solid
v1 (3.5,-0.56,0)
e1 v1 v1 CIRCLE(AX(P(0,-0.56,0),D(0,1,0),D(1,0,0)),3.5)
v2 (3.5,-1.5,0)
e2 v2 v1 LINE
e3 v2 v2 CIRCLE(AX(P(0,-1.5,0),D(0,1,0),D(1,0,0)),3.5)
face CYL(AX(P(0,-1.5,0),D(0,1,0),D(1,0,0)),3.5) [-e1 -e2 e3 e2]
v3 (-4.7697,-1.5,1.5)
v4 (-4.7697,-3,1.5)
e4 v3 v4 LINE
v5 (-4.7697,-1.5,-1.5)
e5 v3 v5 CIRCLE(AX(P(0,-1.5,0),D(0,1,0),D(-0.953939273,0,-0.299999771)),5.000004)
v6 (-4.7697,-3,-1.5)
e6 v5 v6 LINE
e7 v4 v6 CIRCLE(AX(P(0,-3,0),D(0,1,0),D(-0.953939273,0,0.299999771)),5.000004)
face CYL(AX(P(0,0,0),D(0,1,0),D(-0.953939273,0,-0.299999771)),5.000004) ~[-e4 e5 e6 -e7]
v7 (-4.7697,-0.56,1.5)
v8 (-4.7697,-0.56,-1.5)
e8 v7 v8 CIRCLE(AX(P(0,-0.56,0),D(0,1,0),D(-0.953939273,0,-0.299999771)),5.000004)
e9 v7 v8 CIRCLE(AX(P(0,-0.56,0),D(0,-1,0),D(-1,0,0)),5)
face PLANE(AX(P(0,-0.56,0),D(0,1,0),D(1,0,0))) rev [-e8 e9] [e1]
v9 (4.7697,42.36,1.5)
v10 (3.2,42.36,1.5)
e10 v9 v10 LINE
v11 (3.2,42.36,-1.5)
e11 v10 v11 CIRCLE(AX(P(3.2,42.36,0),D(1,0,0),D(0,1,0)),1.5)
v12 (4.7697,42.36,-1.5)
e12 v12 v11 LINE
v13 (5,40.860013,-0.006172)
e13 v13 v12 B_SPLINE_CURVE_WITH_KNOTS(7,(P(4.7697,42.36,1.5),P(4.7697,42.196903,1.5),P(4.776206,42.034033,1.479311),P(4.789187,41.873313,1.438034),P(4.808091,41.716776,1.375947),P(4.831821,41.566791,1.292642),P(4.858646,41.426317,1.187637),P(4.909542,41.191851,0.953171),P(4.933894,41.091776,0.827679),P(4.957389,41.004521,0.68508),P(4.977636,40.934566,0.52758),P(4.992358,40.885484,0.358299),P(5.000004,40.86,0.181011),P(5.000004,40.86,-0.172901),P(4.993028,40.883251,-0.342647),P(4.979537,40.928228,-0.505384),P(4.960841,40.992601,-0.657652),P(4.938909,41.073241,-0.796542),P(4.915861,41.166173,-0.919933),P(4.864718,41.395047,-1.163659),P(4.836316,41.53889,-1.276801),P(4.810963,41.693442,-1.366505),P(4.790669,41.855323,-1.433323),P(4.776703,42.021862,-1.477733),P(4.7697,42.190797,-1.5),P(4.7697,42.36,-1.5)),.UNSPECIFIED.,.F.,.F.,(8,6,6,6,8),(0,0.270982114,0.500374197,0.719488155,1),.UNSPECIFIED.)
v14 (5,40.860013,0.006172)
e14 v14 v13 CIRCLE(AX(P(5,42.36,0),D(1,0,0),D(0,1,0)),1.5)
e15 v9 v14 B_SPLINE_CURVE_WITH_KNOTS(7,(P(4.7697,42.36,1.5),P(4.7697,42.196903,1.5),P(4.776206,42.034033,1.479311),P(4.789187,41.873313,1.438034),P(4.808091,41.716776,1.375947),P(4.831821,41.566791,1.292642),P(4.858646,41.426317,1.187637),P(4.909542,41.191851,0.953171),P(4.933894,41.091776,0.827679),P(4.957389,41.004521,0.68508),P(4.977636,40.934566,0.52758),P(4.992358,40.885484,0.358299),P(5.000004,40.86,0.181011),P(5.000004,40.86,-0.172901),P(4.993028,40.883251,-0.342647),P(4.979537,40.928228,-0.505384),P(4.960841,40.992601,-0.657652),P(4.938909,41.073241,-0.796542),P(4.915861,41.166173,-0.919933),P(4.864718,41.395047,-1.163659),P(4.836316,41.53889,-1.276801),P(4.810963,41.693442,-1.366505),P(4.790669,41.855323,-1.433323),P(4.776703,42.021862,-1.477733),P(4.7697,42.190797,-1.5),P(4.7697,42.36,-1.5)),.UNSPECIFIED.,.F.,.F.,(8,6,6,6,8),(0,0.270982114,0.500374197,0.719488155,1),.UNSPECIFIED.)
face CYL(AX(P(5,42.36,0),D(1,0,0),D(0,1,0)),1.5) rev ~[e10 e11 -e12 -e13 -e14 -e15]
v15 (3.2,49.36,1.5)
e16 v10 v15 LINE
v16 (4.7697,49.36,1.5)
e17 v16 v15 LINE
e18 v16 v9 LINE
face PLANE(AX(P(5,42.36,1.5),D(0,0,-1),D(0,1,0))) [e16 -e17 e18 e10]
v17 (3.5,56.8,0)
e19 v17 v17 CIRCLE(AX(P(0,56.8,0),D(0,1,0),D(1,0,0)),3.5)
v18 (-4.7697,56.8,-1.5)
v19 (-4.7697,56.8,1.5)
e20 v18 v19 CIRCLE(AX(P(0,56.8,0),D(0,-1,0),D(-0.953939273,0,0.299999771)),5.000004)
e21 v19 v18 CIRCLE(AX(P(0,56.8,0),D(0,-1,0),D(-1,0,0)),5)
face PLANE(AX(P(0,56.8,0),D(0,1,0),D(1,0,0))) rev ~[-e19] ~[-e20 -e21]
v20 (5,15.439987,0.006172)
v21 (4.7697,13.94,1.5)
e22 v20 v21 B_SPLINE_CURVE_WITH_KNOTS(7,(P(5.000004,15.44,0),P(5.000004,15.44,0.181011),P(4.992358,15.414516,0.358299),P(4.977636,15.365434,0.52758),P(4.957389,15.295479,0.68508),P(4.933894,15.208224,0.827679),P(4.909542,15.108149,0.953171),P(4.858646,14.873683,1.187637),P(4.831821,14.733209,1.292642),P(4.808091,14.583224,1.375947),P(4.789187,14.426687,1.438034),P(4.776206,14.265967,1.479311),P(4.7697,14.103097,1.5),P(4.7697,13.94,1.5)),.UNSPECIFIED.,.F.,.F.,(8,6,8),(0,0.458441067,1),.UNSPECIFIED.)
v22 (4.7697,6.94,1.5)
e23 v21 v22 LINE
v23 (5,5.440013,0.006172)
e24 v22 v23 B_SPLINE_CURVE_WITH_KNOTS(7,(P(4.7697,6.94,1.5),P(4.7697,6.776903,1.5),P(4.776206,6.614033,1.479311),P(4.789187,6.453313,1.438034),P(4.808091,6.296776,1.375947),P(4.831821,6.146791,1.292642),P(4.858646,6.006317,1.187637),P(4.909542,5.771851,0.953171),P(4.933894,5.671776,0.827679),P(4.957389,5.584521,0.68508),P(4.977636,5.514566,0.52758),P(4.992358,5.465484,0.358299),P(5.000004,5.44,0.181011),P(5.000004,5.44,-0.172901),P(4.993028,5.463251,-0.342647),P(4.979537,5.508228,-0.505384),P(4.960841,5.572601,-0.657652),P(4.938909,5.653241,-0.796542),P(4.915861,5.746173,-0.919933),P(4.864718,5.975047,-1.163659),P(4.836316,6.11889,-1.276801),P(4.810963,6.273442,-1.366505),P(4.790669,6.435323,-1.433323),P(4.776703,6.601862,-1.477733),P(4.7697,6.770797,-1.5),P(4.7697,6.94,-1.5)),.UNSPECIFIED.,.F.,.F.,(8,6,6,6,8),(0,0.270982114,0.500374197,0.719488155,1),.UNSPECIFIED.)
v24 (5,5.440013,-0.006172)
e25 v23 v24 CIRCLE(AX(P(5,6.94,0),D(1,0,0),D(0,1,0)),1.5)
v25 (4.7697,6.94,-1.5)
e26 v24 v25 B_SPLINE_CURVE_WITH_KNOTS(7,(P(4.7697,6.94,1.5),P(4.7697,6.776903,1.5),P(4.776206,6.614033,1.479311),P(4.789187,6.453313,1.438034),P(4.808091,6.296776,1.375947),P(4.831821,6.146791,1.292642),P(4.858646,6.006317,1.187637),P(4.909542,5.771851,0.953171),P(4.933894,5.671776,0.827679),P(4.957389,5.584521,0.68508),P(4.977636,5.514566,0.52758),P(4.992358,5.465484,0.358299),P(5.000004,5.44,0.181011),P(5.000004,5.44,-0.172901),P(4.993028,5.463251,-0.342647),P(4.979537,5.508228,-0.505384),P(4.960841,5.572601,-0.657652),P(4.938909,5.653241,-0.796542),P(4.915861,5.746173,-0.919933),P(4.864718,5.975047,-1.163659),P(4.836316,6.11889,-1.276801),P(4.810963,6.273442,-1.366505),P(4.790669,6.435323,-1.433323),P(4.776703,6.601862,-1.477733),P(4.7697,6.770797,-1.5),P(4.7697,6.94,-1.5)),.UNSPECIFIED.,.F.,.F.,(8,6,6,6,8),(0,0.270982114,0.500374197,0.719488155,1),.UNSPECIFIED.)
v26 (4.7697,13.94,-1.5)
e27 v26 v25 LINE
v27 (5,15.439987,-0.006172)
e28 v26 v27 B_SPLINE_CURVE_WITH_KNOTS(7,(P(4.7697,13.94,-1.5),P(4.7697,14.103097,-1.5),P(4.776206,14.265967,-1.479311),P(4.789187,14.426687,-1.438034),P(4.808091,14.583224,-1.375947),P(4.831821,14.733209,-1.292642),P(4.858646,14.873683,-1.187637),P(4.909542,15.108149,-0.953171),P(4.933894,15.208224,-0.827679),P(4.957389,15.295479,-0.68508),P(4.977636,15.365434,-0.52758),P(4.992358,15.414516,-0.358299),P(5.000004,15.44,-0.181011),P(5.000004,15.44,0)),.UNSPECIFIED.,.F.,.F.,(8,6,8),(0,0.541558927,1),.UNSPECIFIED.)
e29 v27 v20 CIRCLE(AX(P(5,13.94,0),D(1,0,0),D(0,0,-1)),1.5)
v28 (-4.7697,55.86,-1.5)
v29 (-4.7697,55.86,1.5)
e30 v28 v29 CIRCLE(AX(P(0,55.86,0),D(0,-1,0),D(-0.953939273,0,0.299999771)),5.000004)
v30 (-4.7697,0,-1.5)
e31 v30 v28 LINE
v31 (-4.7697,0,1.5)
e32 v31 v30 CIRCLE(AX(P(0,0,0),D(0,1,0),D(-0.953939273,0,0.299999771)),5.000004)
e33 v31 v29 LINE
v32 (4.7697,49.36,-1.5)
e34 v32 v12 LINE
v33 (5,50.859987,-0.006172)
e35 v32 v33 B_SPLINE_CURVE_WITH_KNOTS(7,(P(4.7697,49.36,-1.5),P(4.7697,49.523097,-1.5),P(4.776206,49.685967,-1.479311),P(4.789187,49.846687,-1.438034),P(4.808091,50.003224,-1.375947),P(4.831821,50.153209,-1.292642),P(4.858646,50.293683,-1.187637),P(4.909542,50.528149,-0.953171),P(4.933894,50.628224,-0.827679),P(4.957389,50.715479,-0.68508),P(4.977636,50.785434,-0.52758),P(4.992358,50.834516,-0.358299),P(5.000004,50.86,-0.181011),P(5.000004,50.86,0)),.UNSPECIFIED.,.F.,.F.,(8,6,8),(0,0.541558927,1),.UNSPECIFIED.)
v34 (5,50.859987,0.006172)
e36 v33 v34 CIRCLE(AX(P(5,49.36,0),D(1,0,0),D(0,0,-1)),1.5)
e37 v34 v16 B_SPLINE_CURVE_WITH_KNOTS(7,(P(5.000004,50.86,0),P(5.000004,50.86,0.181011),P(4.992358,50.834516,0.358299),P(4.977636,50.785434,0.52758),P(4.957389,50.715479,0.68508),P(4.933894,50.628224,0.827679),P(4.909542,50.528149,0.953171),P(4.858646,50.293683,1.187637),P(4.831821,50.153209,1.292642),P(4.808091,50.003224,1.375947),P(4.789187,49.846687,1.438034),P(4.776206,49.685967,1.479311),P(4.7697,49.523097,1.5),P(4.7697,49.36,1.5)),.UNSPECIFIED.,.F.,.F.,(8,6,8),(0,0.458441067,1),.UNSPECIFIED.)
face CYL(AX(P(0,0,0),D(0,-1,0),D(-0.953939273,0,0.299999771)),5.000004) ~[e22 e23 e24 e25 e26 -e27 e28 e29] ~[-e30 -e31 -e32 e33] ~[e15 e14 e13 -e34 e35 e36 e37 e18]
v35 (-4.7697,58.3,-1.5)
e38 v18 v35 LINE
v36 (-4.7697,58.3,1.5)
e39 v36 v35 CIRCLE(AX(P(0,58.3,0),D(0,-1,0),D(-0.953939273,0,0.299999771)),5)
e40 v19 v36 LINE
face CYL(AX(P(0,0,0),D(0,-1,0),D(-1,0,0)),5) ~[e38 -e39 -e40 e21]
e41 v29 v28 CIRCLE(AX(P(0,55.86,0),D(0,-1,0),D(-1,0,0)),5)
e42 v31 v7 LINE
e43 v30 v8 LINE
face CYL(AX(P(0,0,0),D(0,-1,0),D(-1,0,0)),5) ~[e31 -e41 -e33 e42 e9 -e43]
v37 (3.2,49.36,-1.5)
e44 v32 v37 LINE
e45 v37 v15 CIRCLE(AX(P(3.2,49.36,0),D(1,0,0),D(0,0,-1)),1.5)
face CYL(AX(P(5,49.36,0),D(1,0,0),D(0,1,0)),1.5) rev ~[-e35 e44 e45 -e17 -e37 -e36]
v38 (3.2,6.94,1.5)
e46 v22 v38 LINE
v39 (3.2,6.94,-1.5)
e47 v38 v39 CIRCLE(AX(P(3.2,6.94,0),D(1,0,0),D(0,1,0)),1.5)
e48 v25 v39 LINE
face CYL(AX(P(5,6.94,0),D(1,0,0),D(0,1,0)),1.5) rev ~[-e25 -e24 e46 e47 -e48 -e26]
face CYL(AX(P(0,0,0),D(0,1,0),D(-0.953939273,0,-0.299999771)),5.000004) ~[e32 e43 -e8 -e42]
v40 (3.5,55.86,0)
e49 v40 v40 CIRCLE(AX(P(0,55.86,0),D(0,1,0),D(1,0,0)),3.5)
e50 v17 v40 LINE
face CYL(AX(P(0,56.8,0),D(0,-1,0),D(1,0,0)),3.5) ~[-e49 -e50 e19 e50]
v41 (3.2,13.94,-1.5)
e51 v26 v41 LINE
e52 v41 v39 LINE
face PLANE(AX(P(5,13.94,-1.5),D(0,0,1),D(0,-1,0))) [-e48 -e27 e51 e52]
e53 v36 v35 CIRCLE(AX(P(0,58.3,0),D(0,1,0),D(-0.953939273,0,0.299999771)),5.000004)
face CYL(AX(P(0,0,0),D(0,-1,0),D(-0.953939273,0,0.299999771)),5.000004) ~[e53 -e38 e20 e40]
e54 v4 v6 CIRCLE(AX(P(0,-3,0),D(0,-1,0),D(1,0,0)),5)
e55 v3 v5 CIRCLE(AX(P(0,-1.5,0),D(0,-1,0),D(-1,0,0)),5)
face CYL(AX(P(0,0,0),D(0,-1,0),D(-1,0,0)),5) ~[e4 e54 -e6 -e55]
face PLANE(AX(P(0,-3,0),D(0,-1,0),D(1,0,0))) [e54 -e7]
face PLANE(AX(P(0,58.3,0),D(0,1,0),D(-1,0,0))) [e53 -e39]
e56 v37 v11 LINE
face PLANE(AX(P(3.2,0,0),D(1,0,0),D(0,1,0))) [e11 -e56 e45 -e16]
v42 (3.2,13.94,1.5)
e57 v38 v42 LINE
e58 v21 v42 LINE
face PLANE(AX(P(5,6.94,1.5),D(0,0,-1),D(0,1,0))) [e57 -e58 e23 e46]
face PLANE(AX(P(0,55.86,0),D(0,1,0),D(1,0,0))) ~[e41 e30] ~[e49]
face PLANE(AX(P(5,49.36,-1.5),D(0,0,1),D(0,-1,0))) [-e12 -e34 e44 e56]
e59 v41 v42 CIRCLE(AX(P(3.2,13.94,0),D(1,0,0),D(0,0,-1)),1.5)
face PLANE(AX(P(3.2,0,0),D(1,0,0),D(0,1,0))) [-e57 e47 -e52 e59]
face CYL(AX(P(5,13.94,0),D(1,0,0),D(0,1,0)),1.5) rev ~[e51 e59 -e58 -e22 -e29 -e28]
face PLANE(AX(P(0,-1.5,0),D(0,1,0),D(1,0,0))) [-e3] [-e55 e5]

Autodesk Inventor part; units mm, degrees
ref_plane "XZ Plane" through (0, 0, 0) normal (0, 1, 0) x (-1, 0, 0)
ref_plane "XY Plane" through (0, 0, 0) normal (0, 0, 1) x (1, 0, 0)
sketch "Sketch1" plane through (0, 0, 0) normal (0, 1, 0) x (-1, 0, 0)
  arc A0 (4.7697, 1.5) -> (4.7697, -1.5) centre (0, 0) ccw
  circle A1 centre (0, 0) radius 5
  dimension "d0" = 10
extrude "Extrusion1" add sketch "Sketch1" along normal blind 58.3
sketch "Sketch2" plane through (0, 0, 0) normal (0, -1, 0) x (1, 0, 0)
  arc A0 (-4.7697, -1.5) -> (-4.7697, 1.5) centre (0, 0) ccw projected
  line L0 (-3.2, 1.5) -> (-4.7697, 1.5) projected
  line L1 (-3.2, -1.5) -> (-3.2, 1.5) projected
  line L2 (-4.7697, -1.5) -> (-3.2, -1.5) projected
  circle A1 centre (0, 0) radius 5
extrude "Extrusion2" add sketch "Sketch2" along normal blind 3
sketch "Sketch3" plane through (0, 0, 0) normal (0, 0, 1) x (1, 0, 0)
  line L0 (7.5, -1.5) -> (3.5, -1.5)
  line L1 (3.5, -1.5) -> (3.5, -0.56)
  line L2 (3.5, -0.56) -> (7.5, -0.56)
  line L3 (7.5, -0.56) -> (7.5, -1.5)
  line L4 (-4.7697, -3) -> (5, -3) projected
  line L5 (5, -3) -> (5, 58.3) projected
  line L6 (0, -15.26) -> (0, 70.56) projected
  line L7 (5, -3) -> (5, 58.3) projected
  line L8 (5, 27.65) -> (17.8962, 27.65)
  line L9 (7.5, 56.8) -> (3.5, 56.8)
  line L10 (3.5, 56.8) -> (3.5, 55.86)
  line L11 (3.5, 55.86) -> (7.5, 55.86)
  line L12 (7.5, 55.86) -> (7.5, 56.8)
  point P0 (0, 0)
  point P1 (0, 55.3)
  dimension "d10" = 0.94
  dimension "d11" = 4
  dimension "d12" = 1.5
  dimension "d21" = 1.5
revolve "Revolution1" cut sketch "Sketch3" angle 360 about axis through (0, -10, 0) along (0, 1, 0)
ref_plane "Work Plane1" through (5, 0, 0) normal (1, 0, 0) x (0, 1, 0)
sketch "Sketch6" plane through (5, 0, 0) normal (1, 0, 0) x (0, 1, 0)
  line L0 (6.94, 1.5) -> (13.94, 1.5)
  line L1 (13.94, 1.5) -> (13.94, -1.5)
  line L2 (13.94, -1.5) -> (6.94, -1.5)
  line L3 (6.94, -1.5) -> (6.94, 1.5)
  circle A0 centre (6.94, 0) radius 1.5
  circle A1 centre (13.94, 0) radius 1.5
  line L4 (-0.56, 5) -> (55.86, 5) projected
  line L5 (-0.56, -5) -> (55.86, -5) projected
  line L6 (42.36, 1.5) -> (49.36, 1.5)
  line L7 (49.36, 1.5) -> (49.36, -1.5)
  line L8 (49.36, -1.5) -> (42.36, -1.5)
  line L9 (42.36, -1.5) -> (42.36, 1.5)
  circle A2 centre (42.36, 0) radius 1.5
  circle A3 centre (49.36, 0) radius 1.5
  line L10 (-3, 5) -> (-3, -5) projected
  line L11 (58.3, -5) -> (58.3, 5) projected
  line L12 (-0.56, -5) -> (-0.56, 5) projected
  line L13 (55.86, 5) -> (55.86, -5) projected
  point P0 (0, 0)
  dimension "d26" = 3
  dimension "d22" = 3
  dimension "d23" = 3.5
  dimension "d24" = 7
  dimension "d25" = 7
  dimension "d27" = 3.5
  dimension "d33" = 7.5
  dimension "d34" = 6.5
extrude "Extrusion4" cut sketch "Sketch6" against normal blind 1.8 contours A0 L3 | L0 A1 L2 A0 | L3 A0 | A1 L1 | L1 A1 | A2 L9 | L6 A3 L8 A2 | L9 A2 | A3 L7 | L7 A3
properties part number "AxeVerticalManivelle" material "Stainless Steel"
